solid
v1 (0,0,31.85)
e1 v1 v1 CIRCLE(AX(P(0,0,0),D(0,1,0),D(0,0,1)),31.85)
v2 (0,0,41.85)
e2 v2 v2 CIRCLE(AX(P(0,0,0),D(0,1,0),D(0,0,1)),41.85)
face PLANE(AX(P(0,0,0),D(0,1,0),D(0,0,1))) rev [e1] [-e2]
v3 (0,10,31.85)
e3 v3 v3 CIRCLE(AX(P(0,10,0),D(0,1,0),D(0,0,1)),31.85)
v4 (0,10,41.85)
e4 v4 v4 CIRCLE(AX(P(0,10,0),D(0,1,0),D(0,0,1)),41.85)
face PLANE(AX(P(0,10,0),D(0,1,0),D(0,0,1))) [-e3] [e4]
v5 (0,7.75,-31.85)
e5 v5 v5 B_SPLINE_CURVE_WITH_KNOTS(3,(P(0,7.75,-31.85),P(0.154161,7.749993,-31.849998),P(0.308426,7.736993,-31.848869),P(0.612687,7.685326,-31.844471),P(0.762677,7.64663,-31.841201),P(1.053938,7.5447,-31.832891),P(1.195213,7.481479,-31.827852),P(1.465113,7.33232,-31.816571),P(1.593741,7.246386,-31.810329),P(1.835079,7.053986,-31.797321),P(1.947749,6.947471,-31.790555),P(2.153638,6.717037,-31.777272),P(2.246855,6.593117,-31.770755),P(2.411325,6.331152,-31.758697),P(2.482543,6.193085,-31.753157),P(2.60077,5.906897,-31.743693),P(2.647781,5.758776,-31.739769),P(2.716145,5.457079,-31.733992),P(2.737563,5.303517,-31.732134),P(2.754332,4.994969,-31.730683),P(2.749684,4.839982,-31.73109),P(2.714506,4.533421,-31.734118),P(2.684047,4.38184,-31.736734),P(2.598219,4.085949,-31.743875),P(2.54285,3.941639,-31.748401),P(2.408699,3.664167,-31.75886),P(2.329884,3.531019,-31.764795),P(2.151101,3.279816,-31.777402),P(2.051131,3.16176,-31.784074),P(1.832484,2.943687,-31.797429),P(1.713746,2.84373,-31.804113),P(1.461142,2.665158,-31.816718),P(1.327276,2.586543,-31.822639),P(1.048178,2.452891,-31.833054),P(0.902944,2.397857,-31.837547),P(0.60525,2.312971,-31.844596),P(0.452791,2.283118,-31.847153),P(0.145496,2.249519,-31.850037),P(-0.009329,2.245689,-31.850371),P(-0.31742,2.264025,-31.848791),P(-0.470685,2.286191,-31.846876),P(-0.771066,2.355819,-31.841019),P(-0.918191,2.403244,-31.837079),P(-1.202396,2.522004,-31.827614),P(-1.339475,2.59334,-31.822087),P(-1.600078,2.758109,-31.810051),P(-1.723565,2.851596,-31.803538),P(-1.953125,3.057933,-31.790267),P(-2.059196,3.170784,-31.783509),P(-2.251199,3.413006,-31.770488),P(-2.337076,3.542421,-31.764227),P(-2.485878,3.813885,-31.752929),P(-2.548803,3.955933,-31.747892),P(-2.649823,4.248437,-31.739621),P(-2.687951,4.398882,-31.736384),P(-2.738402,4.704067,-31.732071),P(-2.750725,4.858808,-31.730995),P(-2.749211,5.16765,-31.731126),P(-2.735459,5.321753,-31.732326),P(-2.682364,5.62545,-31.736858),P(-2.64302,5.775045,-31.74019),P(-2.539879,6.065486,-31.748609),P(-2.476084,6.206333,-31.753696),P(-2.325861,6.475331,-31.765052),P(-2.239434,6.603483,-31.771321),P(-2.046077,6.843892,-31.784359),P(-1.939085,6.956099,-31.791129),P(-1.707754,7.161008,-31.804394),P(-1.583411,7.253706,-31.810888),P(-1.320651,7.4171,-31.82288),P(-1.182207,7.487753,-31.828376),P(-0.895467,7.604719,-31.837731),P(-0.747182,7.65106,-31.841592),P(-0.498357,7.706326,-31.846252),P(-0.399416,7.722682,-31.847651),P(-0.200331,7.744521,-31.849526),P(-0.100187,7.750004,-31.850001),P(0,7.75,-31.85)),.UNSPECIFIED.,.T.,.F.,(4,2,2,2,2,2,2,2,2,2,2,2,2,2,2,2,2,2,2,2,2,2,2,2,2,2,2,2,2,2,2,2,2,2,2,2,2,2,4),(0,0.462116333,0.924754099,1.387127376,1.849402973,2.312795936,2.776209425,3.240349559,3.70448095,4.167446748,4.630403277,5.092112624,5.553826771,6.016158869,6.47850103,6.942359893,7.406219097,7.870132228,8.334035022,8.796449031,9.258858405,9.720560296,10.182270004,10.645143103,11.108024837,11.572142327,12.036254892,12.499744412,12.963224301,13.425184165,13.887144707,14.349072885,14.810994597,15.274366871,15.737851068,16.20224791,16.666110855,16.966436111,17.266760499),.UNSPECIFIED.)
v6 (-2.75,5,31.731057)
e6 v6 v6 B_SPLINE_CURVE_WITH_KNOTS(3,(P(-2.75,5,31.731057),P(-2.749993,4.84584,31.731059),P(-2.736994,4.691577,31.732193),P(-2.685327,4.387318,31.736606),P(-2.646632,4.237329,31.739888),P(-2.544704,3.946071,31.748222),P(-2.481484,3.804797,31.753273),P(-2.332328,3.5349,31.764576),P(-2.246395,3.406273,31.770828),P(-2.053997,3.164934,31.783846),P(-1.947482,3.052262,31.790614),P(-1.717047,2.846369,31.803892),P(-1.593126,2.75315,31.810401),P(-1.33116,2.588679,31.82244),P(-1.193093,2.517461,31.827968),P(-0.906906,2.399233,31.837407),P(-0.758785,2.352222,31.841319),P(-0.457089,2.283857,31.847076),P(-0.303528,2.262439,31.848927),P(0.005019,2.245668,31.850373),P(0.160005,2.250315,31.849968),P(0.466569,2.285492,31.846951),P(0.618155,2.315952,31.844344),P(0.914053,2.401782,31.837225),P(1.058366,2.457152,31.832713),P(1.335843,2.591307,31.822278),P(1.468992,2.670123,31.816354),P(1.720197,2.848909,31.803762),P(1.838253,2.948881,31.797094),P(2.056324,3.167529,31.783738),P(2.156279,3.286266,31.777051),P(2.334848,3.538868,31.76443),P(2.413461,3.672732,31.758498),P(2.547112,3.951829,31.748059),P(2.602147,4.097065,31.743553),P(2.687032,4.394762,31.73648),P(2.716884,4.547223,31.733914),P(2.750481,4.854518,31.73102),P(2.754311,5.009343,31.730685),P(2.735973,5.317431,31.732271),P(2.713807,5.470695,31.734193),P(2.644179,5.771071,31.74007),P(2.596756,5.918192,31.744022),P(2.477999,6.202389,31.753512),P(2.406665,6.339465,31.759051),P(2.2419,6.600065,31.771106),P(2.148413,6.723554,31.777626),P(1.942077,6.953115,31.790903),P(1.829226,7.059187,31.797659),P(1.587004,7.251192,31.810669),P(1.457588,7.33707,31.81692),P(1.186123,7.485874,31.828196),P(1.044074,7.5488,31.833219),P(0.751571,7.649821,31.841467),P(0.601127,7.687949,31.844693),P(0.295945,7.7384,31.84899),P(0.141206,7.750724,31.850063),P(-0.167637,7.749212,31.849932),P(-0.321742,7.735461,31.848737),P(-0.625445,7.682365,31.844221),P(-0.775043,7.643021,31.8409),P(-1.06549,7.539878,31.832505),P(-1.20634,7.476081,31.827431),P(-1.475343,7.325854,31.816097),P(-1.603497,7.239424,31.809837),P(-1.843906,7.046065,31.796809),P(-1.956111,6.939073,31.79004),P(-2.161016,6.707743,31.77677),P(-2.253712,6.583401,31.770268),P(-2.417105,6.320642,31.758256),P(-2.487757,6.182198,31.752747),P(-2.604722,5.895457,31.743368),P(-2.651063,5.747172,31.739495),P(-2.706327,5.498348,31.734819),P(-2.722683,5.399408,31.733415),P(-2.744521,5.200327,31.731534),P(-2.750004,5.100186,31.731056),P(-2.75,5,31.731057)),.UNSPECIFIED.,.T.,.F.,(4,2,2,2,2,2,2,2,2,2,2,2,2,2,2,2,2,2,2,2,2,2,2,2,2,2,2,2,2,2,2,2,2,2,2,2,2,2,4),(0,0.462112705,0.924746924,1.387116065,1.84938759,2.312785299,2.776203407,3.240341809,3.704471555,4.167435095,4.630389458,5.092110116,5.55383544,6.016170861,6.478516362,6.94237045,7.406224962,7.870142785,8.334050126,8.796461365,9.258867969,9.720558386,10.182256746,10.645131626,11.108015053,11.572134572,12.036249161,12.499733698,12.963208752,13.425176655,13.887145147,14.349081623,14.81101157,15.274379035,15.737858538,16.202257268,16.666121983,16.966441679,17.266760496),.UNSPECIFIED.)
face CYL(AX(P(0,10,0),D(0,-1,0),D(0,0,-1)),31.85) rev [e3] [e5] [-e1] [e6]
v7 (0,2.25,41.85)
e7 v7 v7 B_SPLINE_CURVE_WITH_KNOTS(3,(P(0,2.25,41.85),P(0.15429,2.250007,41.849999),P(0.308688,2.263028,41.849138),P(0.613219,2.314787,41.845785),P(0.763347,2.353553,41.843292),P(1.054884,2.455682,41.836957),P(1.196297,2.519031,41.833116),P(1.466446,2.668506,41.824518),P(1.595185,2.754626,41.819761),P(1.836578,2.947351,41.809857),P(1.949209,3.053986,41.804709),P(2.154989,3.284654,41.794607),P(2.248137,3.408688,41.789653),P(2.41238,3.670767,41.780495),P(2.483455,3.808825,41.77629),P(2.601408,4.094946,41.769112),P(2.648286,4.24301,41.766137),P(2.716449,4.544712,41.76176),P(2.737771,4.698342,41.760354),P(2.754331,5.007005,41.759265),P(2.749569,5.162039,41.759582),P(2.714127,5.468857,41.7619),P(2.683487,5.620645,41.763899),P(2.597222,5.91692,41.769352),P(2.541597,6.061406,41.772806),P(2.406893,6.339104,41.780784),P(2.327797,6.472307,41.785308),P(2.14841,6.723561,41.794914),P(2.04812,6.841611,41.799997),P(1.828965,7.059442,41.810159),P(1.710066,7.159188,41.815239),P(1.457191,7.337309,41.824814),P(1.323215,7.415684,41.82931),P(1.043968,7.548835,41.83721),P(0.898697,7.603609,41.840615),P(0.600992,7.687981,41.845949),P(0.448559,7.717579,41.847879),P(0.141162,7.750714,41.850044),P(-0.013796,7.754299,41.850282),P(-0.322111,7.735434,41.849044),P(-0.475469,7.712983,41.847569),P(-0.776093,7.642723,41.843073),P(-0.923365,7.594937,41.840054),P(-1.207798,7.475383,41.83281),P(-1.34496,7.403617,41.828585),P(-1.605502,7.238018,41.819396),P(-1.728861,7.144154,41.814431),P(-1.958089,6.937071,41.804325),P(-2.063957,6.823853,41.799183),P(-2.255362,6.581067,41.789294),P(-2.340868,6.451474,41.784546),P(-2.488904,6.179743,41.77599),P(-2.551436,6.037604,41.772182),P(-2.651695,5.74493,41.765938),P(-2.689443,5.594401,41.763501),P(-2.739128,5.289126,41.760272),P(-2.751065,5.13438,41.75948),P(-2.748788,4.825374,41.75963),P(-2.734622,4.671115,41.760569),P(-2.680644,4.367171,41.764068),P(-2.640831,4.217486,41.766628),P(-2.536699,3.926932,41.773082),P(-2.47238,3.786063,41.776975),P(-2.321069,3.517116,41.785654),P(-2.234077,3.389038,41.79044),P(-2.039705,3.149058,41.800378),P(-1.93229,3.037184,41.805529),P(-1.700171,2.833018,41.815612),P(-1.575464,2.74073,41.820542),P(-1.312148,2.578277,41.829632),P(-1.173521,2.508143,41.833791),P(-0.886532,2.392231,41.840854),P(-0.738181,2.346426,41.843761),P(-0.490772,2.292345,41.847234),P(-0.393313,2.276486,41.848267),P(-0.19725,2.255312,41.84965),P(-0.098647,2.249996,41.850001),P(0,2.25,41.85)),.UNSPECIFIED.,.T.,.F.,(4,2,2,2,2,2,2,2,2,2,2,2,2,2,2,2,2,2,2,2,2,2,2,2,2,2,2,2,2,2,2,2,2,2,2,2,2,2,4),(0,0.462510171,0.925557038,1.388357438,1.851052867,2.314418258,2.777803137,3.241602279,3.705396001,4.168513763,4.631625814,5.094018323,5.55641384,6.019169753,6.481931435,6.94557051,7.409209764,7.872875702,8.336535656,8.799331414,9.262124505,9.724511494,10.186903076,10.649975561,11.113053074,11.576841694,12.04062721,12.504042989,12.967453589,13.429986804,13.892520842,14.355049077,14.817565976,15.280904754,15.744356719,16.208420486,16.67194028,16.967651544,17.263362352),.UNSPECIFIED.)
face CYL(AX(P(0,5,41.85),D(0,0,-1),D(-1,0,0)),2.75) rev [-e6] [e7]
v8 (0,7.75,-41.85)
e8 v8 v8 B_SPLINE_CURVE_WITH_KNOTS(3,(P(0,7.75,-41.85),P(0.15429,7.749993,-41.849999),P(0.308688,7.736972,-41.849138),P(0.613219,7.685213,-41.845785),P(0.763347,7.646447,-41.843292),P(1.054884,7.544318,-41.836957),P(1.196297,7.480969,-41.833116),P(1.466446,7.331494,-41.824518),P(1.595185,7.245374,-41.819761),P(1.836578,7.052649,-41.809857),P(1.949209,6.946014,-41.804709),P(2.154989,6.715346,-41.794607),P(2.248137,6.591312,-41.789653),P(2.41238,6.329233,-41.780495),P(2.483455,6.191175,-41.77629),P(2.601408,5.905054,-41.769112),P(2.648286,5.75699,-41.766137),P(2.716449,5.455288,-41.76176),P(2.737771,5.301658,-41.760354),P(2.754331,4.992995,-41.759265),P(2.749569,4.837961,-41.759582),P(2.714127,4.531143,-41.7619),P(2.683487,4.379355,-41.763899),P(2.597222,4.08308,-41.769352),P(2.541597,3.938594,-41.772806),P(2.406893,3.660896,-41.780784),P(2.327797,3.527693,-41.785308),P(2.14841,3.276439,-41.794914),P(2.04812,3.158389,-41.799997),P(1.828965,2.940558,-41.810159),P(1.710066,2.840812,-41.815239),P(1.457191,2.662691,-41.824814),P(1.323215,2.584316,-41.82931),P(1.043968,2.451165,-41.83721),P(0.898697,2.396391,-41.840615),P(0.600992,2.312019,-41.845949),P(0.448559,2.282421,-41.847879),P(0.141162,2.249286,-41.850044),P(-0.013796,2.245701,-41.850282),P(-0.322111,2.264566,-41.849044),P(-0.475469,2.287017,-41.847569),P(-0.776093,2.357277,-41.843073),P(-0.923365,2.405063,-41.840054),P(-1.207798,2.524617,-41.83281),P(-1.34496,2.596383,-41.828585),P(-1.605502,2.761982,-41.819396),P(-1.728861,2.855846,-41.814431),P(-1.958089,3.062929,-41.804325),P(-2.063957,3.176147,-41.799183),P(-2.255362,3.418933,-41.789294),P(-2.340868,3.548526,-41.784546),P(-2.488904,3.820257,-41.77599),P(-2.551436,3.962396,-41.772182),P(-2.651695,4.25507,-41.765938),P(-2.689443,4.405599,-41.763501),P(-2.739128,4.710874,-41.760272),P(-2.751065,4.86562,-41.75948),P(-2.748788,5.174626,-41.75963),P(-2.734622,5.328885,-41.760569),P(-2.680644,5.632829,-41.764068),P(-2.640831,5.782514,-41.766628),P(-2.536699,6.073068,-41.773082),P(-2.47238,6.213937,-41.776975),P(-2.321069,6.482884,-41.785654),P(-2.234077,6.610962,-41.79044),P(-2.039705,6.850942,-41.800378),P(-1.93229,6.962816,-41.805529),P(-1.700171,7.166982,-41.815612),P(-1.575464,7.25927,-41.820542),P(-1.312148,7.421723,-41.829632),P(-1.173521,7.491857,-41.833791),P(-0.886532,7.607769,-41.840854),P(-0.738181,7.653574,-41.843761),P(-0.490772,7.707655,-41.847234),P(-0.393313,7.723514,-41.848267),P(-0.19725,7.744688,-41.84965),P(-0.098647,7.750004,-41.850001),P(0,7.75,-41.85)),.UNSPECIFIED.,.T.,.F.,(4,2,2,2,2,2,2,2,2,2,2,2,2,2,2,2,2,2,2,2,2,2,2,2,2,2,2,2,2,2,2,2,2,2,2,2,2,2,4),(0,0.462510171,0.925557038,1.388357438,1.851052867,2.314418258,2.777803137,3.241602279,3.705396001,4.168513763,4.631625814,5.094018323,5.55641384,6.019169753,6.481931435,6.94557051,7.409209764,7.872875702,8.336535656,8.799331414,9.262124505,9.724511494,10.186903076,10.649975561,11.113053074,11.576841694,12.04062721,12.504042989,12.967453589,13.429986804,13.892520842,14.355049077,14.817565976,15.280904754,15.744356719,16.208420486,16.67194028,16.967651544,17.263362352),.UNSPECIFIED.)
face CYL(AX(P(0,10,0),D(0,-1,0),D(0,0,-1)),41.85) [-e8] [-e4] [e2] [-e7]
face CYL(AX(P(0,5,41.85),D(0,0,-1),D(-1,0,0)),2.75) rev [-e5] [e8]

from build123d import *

# Parameters (mm, degrees)
SKETCH1_R               = 41.85
SKETCH1_R_2             = 31.85
BOSS_EXTRUDE1_DEPTH     = 10
CUT_EXTRUDE1_DEPTH      = 61.023703651
CUT_EXTRUDE1_DEPTH_BACK = 61.023703651
SKETCH5_R               = 2.75


with BuildPart() as part:
    # Sketch1 → Boss-Extrude1 (new body)
    with BuildSketch(Plane(origin=(0, 0, 0), x_dir=(1, 0, 0), z_dir=(0, 1, 0))):
        with Locations(Location((0, 0, 0), (0, 0, 270))):
            Circle(SKETCH1_R)
        with Locations(Location((0, 0, 0), (0, 0, 270))):
            Circle(SKETCH1_R_2, mode=Mode.SUBTRACT)
    extrude(amount=BOSS_EXTRUDE1_DEPTH)

    # Sketch5 → Cut-Extrude1 (cut, two sides: drawn at the far end of the back side and taken through both)
    with BuildSketch(Plane.XY.offset(-CUT_EXTRUDE1_DEPTH_BACK)):
        with Locations(Location((0, 5, 0), (0, 0, 270.000000033))):
            Circle(SKETCH5_R)
    extrude(amount=CUT_EXTRUDE1_DEPTH + CUT_EXTRUDE1_DEPTH_BACK, mode=Mode.SUBTRACT)


solid = part.part
